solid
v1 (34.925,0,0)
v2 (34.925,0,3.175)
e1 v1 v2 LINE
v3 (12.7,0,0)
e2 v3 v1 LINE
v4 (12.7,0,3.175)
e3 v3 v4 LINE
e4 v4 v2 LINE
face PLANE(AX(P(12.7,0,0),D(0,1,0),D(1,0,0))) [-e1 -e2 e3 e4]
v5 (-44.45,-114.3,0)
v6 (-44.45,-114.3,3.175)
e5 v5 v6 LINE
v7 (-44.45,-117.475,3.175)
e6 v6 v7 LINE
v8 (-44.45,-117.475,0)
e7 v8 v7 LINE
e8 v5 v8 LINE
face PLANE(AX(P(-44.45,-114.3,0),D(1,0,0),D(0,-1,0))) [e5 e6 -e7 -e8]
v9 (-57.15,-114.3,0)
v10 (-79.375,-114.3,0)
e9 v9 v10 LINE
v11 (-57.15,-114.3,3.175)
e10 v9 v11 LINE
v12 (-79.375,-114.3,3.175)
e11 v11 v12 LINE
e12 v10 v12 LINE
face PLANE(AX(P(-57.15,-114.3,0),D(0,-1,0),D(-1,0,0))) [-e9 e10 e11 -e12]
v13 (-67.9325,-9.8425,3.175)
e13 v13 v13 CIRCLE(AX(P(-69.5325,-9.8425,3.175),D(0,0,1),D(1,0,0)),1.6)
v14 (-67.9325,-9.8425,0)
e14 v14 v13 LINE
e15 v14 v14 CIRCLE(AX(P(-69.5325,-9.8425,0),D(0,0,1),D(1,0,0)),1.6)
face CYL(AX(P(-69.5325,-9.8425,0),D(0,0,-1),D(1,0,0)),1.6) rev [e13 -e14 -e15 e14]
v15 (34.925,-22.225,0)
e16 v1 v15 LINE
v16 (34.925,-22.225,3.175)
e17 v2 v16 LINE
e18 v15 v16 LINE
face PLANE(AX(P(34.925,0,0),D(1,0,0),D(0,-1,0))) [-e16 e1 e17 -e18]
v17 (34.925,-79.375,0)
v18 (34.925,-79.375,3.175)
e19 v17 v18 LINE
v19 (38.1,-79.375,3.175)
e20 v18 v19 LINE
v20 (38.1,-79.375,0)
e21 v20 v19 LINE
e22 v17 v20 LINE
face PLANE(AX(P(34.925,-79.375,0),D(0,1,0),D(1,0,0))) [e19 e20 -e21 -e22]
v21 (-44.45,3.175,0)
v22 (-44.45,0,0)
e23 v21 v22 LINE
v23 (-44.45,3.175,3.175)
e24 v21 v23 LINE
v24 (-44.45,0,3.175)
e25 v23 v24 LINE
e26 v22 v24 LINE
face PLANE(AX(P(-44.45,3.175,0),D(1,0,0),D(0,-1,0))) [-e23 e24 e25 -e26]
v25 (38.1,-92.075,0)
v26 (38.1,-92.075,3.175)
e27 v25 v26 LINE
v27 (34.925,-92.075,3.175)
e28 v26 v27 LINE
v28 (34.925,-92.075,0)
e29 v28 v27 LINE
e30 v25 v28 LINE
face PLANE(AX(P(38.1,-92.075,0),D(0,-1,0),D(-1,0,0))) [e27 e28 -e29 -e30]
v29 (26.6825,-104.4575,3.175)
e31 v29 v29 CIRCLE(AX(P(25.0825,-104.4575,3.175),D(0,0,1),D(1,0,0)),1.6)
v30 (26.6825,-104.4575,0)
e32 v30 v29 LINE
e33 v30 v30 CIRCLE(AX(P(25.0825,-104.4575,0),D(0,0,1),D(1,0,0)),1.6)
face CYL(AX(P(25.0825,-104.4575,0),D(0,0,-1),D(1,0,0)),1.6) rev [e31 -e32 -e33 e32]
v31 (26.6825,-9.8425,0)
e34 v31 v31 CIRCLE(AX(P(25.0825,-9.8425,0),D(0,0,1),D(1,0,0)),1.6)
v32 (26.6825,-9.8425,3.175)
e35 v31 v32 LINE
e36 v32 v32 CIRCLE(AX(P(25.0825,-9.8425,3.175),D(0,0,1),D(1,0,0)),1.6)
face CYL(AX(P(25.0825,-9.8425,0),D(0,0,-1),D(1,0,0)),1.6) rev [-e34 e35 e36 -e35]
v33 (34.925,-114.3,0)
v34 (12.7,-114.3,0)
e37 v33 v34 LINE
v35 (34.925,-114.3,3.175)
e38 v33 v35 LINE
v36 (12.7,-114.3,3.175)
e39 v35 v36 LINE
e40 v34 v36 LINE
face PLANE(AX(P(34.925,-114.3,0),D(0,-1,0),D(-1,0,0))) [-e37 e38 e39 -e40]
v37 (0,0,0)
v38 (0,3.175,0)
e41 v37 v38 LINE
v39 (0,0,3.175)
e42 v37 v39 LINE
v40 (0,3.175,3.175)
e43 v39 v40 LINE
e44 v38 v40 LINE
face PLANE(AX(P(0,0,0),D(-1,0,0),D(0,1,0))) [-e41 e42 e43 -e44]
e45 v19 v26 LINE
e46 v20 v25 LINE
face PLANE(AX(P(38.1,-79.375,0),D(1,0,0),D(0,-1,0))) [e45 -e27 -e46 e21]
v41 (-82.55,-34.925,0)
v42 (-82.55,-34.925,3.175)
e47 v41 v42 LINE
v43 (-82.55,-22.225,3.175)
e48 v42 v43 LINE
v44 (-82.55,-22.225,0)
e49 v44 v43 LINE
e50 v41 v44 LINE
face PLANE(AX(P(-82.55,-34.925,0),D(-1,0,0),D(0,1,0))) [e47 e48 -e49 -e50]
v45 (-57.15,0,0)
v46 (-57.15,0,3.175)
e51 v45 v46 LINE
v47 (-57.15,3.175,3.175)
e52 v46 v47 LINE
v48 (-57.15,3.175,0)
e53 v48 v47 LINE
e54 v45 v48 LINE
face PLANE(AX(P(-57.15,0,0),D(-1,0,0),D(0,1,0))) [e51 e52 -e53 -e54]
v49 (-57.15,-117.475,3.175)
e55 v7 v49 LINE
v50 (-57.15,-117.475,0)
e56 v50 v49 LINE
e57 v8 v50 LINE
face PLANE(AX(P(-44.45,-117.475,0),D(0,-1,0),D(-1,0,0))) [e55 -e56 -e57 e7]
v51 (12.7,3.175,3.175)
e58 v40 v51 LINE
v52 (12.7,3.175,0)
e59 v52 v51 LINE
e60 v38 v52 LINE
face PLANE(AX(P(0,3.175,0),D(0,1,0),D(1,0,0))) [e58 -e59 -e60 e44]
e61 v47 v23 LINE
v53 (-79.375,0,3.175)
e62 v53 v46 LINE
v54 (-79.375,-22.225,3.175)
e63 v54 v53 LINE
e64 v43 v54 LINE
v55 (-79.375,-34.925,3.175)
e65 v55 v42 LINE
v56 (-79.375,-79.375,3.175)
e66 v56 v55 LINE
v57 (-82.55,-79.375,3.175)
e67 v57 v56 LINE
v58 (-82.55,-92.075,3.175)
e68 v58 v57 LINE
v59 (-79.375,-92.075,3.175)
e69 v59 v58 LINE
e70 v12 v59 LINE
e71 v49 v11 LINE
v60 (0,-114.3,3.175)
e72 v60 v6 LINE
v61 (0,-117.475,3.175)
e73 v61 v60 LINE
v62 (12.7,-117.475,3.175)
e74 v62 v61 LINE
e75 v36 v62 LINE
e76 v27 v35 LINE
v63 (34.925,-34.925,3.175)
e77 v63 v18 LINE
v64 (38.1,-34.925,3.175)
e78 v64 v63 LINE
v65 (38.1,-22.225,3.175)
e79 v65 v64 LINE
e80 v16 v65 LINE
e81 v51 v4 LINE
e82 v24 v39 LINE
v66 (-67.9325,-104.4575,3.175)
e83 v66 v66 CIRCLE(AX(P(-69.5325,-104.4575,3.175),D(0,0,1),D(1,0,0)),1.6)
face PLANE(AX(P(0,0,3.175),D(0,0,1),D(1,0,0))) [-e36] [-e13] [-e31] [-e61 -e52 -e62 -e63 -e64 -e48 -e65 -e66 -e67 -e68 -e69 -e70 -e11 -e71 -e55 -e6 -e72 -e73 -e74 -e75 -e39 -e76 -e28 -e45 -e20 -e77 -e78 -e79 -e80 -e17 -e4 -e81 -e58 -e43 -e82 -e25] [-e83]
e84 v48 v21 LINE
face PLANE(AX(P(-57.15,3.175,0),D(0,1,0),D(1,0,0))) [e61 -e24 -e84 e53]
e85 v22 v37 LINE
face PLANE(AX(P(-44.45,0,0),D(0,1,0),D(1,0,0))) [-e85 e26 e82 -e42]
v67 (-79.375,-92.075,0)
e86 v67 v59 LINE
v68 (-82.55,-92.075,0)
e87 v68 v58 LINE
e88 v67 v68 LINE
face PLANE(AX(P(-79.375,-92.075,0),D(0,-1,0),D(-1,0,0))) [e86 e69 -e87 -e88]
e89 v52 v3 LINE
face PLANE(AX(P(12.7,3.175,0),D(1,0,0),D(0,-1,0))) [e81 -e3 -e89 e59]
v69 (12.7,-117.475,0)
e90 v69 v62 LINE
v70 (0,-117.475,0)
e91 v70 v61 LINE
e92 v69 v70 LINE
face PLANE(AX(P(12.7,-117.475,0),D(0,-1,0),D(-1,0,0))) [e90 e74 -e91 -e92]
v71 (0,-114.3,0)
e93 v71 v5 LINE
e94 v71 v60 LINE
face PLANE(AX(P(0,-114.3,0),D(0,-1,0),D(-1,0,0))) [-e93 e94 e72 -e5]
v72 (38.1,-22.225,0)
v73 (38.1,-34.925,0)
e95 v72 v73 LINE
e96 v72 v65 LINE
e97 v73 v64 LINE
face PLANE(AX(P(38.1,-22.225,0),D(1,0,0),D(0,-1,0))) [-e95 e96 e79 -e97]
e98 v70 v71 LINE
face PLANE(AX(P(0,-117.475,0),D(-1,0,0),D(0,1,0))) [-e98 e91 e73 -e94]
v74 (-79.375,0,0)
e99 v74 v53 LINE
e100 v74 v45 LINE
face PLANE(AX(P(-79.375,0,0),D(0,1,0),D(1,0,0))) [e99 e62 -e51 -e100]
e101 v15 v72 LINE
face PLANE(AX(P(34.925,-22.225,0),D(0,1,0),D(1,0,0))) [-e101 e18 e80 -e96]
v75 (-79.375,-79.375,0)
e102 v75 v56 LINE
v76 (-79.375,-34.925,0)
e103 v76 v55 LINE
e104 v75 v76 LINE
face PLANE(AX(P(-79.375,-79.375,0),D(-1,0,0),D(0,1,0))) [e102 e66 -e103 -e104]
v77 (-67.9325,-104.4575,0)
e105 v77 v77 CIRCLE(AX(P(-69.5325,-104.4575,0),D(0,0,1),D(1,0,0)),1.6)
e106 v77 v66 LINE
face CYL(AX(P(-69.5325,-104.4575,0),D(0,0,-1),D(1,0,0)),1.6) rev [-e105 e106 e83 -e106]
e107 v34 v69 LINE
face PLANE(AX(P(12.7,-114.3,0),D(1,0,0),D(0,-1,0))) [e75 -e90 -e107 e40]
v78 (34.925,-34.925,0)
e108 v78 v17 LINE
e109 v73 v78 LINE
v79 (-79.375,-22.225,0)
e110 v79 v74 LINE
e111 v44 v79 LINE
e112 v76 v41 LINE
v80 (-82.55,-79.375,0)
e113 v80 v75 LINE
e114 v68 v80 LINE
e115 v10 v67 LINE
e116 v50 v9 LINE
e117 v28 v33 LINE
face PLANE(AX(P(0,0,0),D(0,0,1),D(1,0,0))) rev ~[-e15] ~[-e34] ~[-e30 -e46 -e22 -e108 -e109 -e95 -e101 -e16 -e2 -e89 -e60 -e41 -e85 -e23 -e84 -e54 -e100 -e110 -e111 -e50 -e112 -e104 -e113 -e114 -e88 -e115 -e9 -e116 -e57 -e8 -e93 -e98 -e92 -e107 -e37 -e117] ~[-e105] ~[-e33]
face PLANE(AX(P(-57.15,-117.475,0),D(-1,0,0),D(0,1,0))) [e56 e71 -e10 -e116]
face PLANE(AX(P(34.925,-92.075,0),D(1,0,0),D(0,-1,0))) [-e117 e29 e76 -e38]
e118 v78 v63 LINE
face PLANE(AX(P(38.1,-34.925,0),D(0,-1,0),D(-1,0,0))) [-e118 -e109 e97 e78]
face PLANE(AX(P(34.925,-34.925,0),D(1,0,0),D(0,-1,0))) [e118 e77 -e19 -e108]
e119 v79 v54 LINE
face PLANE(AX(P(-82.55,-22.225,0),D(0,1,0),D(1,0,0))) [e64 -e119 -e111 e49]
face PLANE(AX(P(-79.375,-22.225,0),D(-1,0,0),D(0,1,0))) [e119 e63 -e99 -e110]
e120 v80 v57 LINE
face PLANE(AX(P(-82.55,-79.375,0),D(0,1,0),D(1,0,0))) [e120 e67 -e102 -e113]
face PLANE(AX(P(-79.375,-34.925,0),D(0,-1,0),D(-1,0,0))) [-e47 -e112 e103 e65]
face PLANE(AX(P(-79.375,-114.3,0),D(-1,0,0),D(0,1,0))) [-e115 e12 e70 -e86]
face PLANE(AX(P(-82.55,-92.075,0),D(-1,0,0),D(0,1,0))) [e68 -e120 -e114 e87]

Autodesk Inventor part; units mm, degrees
ref_plane "YZ Plane" through (0, 0, 0) normal (1, 0, 0) x (0, 1, 0)
ref_plane "XZ Plane" through (0, 0, 0) normal (0, 1, 0) x (-1, 0, 0)
ref_plane "XY Plane" through (0, 0, 0) normal (0, 0, 1) x (1, 0, 0)
sketch "Sketch1" plane through (0, 0, 0) normal (0, 0, 1) x (1, 0, 0)
  line L0 (34.925, -114.3) -> (12.7, -114.3) projected
  line L1 (34.925, -92.075) -> (34.925, -114.3) projected
  line L2 (38.1, -92.075) -> (34.925, -92.075) projected
  line L3 (38.1, -79.375) -> (38.1, -92.075) projected
  line L4 (34.925, -79.375) -> (38.1, -79.375) projected
  line L5 (34.925, -34.925) -> (34.925, -79.375) projected
  line L6 (38.1, -34.925) -> (34.925, -34.925) projected
  line L7 (38.1, -22.225) -> (38.1, -34.925) projected
  line L8 (34.925, -22.225) -> (38.1, -22.225) projected
  line L9 (34.925, 0) -> (34.925, -22.225) projected
  line L10 (12.7, 0) -> (34.925, 0) projected
  line L11 (12.7, 3.175) -> (12.7, 0) projected
  line L12 (0, 3.175) -> (12.7, 3.175) projected
  line L13 (0, 0) -> (0, 3.175) projected
  line L14 (-44.45, 0) -> (0, 0) projected
  line L15 (-44.45, 3.175) -> (-44.45, 0) projected
  line L16 (-57.15, 3.175) -> (-44.45, 3.175) projected
  line L17 (-57.15, 0) -> (-57.15, 3.175) projected
  line L18 (-79.375, 0) -> (-57.15, 0) projected
  line L19 (-79.375, -22.225) -> (-79.375, 0) projected
  line L20 (-82.55, -22.225) -> (-79.375, -22.225) projected
  line L21 (-82.55, -34.925) -> (-82.55, -22.225) projected
  line L22 (-79.375, -34.925) -> (-82.55, -34.925) projected
  line L23 (-79.375, -79.375) -> (-79.375, -34.925) projected
  line L24 (-82.55, -79.375) -> (-79.375, -79.375) projected
  line L25 (-82.55, -92.075) -> (-82.55, -79.375) projected
  line L26 (-79.375, -92.075) -> (-82.55, -92.075) projected
  line L27 (-79.375, -114.3) -> (-79.375, -92.075) projected
  line L28 (-57.15, -114.3) -> (-79.375, -114.3) projected
  line L29 (-57.15, -117.475) -> (-57.15, -114.3) projected
  line L30 (-44.45, -117.475) -> (-57.15, -117.475) projected
  line L31 (-44.45, -114.3) -> (-44.45, -117.475) projected
  line L32 (0, -114.3) -> (-44.45, -114.3) projected
  line L33 (0, -117.475) -> (0, -114.3) projected
  line L34 (12.7, -117.475) -> (0, -117.475) projected
  line L35 (12.7, -114.3) -> (12.7, -117.475) projected
  circle A0 centre (-69.5325, -9.8425) radius 1.6 projected
  circle A1 centre (25.0825, -9.8425) radius 1.6 projected
  circle A2 centre (25.0825, -104.4575) radius 1.6 projected
  circle A3 centre (-69.5325, -104.4575) radius 1.6 projected
extrude "Extrusion1" add sketch "Sketch1" along normal blind 3.175
properties part number "Back" material "ABS Plastic"
